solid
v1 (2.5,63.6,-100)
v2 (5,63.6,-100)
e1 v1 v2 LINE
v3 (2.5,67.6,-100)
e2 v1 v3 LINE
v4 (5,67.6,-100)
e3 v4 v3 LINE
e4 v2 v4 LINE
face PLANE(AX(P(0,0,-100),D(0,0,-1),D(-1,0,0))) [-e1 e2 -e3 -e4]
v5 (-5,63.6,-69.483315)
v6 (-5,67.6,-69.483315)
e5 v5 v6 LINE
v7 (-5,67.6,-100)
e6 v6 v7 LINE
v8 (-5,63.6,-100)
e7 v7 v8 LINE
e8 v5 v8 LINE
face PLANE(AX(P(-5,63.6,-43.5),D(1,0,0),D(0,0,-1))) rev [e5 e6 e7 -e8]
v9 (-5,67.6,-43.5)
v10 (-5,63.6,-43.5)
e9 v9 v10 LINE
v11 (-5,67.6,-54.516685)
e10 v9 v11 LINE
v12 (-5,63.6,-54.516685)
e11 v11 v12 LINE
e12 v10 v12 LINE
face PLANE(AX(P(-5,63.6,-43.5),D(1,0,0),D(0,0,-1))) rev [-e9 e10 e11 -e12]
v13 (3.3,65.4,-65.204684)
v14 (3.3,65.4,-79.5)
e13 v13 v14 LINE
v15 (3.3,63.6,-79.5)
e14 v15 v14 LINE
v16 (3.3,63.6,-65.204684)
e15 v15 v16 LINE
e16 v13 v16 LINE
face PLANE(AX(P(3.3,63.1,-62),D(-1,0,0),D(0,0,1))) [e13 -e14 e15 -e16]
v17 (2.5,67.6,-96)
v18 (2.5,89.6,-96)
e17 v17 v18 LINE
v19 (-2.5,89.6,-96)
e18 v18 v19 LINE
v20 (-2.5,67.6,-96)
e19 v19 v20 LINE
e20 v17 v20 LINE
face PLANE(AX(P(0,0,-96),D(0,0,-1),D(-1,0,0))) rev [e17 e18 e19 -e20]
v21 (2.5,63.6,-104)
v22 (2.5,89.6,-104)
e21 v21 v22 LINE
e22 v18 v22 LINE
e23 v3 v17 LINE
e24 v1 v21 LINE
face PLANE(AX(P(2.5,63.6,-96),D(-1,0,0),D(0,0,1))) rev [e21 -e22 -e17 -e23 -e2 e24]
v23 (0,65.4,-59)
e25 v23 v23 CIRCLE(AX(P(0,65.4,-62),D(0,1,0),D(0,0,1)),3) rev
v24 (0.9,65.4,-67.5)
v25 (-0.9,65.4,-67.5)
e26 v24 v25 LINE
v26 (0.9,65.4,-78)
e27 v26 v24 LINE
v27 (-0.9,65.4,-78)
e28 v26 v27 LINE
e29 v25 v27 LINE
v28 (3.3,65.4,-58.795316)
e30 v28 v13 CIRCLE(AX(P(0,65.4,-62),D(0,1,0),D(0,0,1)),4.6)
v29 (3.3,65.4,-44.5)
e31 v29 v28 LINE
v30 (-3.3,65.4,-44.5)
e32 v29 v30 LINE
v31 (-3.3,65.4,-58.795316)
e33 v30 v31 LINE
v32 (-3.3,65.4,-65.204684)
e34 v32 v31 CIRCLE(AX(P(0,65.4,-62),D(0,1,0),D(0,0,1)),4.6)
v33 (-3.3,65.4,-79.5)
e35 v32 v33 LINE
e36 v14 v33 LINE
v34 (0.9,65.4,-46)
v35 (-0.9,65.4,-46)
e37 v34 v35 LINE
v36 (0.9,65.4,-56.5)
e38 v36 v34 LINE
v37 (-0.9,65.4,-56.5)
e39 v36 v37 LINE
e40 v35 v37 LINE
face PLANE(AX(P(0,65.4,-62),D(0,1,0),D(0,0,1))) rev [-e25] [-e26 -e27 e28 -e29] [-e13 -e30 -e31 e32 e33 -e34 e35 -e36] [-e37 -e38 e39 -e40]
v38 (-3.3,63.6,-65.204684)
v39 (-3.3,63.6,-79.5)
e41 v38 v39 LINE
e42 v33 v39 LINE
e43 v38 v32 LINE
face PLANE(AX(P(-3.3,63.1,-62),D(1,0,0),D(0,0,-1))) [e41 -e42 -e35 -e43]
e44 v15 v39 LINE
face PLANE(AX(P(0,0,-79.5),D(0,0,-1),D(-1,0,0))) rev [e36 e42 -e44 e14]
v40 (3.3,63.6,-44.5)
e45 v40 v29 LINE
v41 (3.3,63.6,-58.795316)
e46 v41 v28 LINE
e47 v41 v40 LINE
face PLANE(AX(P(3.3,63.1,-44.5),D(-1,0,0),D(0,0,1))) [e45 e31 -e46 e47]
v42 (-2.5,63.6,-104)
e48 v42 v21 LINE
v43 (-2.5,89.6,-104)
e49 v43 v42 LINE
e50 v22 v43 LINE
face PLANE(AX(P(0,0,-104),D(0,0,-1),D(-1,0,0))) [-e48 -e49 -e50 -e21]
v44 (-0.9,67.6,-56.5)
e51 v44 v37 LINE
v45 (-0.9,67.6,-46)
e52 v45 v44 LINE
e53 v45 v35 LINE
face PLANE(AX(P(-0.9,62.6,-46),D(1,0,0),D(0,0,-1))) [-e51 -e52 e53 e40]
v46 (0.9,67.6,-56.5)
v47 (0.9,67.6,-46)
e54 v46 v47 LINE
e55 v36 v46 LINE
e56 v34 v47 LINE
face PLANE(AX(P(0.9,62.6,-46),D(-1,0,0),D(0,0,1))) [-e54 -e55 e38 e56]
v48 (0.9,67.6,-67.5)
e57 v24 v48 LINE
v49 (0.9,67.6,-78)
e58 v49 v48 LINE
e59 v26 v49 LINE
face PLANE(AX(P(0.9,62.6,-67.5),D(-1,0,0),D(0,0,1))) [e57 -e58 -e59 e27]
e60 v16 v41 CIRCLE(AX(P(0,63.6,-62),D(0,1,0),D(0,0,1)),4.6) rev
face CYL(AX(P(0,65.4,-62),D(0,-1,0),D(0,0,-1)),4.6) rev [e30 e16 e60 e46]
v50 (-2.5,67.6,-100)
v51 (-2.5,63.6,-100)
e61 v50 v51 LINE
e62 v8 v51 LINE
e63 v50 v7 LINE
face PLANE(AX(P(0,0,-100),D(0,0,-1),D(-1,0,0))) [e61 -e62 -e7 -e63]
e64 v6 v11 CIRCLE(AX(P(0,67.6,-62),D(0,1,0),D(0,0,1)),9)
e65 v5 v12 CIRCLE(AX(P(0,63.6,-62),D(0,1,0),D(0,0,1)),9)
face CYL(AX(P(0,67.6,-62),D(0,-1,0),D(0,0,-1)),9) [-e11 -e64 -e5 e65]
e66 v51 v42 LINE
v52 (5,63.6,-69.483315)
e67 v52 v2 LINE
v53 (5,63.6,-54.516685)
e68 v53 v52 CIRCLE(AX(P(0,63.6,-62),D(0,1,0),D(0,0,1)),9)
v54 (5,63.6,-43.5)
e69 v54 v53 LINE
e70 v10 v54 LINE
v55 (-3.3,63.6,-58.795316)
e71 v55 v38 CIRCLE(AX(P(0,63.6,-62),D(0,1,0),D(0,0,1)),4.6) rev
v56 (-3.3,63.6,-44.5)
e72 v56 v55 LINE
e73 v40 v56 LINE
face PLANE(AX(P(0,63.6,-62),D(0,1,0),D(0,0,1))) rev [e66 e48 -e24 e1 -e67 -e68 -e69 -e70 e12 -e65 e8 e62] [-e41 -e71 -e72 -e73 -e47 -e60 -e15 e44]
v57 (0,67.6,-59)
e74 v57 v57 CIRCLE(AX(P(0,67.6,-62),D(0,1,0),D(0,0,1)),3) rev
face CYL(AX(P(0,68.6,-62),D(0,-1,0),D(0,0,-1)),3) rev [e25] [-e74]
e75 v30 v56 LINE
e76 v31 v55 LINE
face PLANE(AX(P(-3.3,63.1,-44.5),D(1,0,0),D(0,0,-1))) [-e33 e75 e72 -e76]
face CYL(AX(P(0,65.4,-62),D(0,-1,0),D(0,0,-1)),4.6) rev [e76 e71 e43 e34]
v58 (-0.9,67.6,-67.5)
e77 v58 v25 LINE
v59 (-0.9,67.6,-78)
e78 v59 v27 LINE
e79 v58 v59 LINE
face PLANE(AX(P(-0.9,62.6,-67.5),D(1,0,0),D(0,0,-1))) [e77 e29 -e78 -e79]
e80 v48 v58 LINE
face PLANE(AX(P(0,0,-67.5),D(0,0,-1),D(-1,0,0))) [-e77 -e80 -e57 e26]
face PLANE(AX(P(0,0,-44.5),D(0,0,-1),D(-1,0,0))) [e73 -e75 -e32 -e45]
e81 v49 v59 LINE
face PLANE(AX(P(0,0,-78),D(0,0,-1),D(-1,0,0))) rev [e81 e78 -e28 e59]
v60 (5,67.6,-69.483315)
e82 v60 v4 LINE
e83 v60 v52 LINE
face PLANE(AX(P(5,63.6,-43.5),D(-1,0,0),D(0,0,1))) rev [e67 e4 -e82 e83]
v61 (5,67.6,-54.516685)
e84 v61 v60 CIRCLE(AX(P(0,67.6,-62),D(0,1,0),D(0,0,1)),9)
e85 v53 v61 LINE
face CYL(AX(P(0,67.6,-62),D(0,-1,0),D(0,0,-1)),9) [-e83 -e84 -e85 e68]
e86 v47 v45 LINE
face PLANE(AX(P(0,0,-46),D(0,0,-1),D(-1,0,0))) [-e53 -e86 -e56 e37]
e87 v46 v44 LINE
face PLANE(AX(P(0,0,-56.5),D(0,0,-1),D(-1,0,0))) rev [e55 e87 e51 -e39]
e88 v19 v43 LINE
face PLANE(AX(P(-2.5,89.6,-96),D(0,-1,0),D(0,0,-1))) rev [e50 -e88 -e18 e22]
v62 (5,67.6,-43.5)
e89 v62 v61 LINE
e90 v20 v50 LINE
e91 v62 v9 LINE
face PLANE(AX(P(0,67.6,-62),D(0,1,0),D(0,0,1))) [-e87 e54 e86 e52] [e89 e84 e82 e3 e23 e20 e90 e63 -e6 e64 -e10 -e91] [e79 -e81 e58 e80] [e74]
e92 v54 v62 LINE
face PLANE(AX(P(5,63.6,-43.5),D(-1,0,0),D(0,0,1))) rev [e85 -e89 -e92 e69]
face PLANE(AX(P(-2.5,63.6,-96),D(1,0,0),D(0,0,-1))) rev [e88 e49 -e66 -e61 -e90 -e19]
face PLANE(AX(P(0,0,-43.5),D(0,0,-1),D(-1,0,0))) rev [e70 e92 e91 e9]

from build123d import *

# Parameters (mm, degrees)
BOSS_EXTRUDE1_START = 63.6
SKETCH1_R           = 9
BOSS_EXTRUDE1_DEPTH = 4
BOSS_EXTRUDE2_START = -100
SKETCH2_W           = 10
SKETCH2_H           = 4
BOSS_EXTRUDE2_DEPTH = 56.5
BOSS_EXTRUDE3_START = -104
SKETCH3_W           = 5
SKETCH3_H           = 26
BOSS_EXTRUDE3_DEPTH = 8
BOSS_EXTRUDE4_START = 63.1
SKETCH4_R           = 4.6
BOSS_EXTRUDE4_DEPTH = 2.3
BOSS_EXTRUDE5_START = -62
SKETCH5_W           = 6.6
SKETCH5_H           = 2.3
BOSS_EXTRUDE5_DEPTH = 17.5
BOSS_EXTRUDE6_START = -56.5
SKETCH6_W           = 1.8
SKETCH6_H           = 6
BOSS_EXTRUDE6_DEPTH = 10.5
BOSS_EXTRUDE7_START = -79.5
SKETCH7_W           = 6.6
SKETCH7_H           = 2.3
BOSS_EXTRUDE7_DEPTH = 17.5
BOSS_EXTRUDE8_START = -78
SKETCH8_W           = 1.8
SKETCH8_H           = 6
BOSS_EXTRUDE8_DEPTH = 10.5
BOSS_EXTRUDE9_START = 62.6
SKETCH9_R           = 3
BOSS_EXTRUDE9_DEPTH = 6


with BuildPart() as part:
    # Sketch1 → Boss-Extrude1 (new body)
    with BuildSketch(Plane(origin=(0, 0, 0), x_dir=(1, 0, 0), z_dir=(0, 1, 0)).offset(BOSS_EXTRUDE1_START)):
        with Locations(Location((0, 62, 0), (0, 0, 270))):
            Circle(SKETCH1_R)
    extrude(amount=BOSS_EXTRUDE1_DEPTH)

    # Sketch2 → Boss-Extrude2 (add)
    with BuildSketch(Plane.XY.offset(BOSS_EXTRUDE2_START)):
        with Locations((0, 65.6)):
            Rectangle(SKETCH2_W, SKETCH2_H)
    extrude(amount=BOSS_EXTRUDE2_DEPTH)

    # Sketch3 → Boss-Extrude3 (add)
    with BuildSketch(Plane.XY.offset(BOSS_EXTRUDE3_START)):
        with Locations((0, 76.6)):
            Rectangle(SKETCH3_W, SKETCH3_H)
    extrude(amount=BOSS_EXTRUDE3_DEPTH)


with BuildPart() as body_2:
    # Sketch4 → Boss-Extrude4 (new body)
    with BuildSketch(Plane(origin=(0, 0, 0), x_dir=(1, 0, 0), z_dir=(0, 1, 0)).offset(BOSS_EXTRUDE4_START)):
        with Locations(Location((0, 62, 0), (0, 0, 270))):
            Circle(SKETCH4_R)
    extrude(amount=BOSS_EXTRUDE4_DEPTH)


with BuildPart() as part_1:
    add(part.part)

    # Combine1: cut body 2
    add(body_2.part, mode=Mode.SUBTRACT)


with BuildPart() as body_2_2:
    # Sketch5 → Boss-Extrude5 (new body)
    with BuildSketch(Plane.XY.offset(BOSS_EXTRUDE5_START)):
        with Locations((0, 64.25)):
            Rectangle(SKETCH5_W, SKETCH5_H)
    extrude(amount=BOSS_EXTRUDE5_DEPTH)


with BuildPart() as part_2:
    add(part_1.part)

    # Combine2: cut body 2 2
    add(body_2_2.part, mode=Mode.SUBTRACT)


with BuildPart() as body_2_3:
    # Sketch6 → Boss-Extrude6 (new body)
    with BuildSketch(Plane.XY.offset(BOSS_EXTRUDE6_START)):
        with Locations((0, 65.6)):
            Rectangle(SKETCH6_W, SKETCH6_H)
    extrude(amount=BOSS_EXTRUDE6_DEPTH)


with BuildPart() as part_3:
    add(part_2.part)

    # Combine3: cut body 2 3
    add(body_2_3.part, mode=Mode.SUBTRACT)


with BuildPart() as body_2_4:
    # Sketch7 → Boss-Extrude7 (new body)
    with BuildSketch(Plane.XY.offset(BOSS_EXTRUDE7_START)):
        with Locations((0, 64.25)):
            Rectangle(SKETCH7_W, SKETCH7_H)
    extrude(amount=BOSS_EXTRUDE7_DEPTH)


with BuildPart() as part_4:
    add(part_3.part)

    # Combine4: cut body 2 4
    add(body_2_4.part, mode=Mode.SUBTRACT)


with BuildPart() as body_2_5:
    # Sketch8 → Boss-Extrude8 (new body)
    with BuildSketch(Plane.XY.offset(BOSS_EXTRUDE8_START)):
        with Locations((0, 65.6)):
            Rectangle(SKETCH8_W, SKETCH8_H)
    extrude(amount=BOSS_EXTRUDE8_DEPTH)


with BuildPart() as part_5:
    add(part_4.part)

    # Combine5: cut body 2 5
    add(body_2_5.part, mode=Mode.SUBTRACT)


with BuildPart() as body_2_6:
    # Sketch9 → Boss-Extrude9 (new body)
    with BuildSketch(Plane(origin=(0, 0, 0), x_dir=(1, 0, 0), z_dir=(0, 1, 0)).offset(BOSS_EXTRUDE9_START)):
        with Locations(Location((0, 62, 0), (0, 0, 270))):
            Circle(SKETCH9_R)
    extrude(amount=BOSS_EXTRUDE9_DEPTH)


with BuildPart() as part_6:
    add(part_5.part)

    # Combine6: cut body 2 6
    add(body_2_6.part, mode=Mode.SUBTRACT)


solid = part_6.part
